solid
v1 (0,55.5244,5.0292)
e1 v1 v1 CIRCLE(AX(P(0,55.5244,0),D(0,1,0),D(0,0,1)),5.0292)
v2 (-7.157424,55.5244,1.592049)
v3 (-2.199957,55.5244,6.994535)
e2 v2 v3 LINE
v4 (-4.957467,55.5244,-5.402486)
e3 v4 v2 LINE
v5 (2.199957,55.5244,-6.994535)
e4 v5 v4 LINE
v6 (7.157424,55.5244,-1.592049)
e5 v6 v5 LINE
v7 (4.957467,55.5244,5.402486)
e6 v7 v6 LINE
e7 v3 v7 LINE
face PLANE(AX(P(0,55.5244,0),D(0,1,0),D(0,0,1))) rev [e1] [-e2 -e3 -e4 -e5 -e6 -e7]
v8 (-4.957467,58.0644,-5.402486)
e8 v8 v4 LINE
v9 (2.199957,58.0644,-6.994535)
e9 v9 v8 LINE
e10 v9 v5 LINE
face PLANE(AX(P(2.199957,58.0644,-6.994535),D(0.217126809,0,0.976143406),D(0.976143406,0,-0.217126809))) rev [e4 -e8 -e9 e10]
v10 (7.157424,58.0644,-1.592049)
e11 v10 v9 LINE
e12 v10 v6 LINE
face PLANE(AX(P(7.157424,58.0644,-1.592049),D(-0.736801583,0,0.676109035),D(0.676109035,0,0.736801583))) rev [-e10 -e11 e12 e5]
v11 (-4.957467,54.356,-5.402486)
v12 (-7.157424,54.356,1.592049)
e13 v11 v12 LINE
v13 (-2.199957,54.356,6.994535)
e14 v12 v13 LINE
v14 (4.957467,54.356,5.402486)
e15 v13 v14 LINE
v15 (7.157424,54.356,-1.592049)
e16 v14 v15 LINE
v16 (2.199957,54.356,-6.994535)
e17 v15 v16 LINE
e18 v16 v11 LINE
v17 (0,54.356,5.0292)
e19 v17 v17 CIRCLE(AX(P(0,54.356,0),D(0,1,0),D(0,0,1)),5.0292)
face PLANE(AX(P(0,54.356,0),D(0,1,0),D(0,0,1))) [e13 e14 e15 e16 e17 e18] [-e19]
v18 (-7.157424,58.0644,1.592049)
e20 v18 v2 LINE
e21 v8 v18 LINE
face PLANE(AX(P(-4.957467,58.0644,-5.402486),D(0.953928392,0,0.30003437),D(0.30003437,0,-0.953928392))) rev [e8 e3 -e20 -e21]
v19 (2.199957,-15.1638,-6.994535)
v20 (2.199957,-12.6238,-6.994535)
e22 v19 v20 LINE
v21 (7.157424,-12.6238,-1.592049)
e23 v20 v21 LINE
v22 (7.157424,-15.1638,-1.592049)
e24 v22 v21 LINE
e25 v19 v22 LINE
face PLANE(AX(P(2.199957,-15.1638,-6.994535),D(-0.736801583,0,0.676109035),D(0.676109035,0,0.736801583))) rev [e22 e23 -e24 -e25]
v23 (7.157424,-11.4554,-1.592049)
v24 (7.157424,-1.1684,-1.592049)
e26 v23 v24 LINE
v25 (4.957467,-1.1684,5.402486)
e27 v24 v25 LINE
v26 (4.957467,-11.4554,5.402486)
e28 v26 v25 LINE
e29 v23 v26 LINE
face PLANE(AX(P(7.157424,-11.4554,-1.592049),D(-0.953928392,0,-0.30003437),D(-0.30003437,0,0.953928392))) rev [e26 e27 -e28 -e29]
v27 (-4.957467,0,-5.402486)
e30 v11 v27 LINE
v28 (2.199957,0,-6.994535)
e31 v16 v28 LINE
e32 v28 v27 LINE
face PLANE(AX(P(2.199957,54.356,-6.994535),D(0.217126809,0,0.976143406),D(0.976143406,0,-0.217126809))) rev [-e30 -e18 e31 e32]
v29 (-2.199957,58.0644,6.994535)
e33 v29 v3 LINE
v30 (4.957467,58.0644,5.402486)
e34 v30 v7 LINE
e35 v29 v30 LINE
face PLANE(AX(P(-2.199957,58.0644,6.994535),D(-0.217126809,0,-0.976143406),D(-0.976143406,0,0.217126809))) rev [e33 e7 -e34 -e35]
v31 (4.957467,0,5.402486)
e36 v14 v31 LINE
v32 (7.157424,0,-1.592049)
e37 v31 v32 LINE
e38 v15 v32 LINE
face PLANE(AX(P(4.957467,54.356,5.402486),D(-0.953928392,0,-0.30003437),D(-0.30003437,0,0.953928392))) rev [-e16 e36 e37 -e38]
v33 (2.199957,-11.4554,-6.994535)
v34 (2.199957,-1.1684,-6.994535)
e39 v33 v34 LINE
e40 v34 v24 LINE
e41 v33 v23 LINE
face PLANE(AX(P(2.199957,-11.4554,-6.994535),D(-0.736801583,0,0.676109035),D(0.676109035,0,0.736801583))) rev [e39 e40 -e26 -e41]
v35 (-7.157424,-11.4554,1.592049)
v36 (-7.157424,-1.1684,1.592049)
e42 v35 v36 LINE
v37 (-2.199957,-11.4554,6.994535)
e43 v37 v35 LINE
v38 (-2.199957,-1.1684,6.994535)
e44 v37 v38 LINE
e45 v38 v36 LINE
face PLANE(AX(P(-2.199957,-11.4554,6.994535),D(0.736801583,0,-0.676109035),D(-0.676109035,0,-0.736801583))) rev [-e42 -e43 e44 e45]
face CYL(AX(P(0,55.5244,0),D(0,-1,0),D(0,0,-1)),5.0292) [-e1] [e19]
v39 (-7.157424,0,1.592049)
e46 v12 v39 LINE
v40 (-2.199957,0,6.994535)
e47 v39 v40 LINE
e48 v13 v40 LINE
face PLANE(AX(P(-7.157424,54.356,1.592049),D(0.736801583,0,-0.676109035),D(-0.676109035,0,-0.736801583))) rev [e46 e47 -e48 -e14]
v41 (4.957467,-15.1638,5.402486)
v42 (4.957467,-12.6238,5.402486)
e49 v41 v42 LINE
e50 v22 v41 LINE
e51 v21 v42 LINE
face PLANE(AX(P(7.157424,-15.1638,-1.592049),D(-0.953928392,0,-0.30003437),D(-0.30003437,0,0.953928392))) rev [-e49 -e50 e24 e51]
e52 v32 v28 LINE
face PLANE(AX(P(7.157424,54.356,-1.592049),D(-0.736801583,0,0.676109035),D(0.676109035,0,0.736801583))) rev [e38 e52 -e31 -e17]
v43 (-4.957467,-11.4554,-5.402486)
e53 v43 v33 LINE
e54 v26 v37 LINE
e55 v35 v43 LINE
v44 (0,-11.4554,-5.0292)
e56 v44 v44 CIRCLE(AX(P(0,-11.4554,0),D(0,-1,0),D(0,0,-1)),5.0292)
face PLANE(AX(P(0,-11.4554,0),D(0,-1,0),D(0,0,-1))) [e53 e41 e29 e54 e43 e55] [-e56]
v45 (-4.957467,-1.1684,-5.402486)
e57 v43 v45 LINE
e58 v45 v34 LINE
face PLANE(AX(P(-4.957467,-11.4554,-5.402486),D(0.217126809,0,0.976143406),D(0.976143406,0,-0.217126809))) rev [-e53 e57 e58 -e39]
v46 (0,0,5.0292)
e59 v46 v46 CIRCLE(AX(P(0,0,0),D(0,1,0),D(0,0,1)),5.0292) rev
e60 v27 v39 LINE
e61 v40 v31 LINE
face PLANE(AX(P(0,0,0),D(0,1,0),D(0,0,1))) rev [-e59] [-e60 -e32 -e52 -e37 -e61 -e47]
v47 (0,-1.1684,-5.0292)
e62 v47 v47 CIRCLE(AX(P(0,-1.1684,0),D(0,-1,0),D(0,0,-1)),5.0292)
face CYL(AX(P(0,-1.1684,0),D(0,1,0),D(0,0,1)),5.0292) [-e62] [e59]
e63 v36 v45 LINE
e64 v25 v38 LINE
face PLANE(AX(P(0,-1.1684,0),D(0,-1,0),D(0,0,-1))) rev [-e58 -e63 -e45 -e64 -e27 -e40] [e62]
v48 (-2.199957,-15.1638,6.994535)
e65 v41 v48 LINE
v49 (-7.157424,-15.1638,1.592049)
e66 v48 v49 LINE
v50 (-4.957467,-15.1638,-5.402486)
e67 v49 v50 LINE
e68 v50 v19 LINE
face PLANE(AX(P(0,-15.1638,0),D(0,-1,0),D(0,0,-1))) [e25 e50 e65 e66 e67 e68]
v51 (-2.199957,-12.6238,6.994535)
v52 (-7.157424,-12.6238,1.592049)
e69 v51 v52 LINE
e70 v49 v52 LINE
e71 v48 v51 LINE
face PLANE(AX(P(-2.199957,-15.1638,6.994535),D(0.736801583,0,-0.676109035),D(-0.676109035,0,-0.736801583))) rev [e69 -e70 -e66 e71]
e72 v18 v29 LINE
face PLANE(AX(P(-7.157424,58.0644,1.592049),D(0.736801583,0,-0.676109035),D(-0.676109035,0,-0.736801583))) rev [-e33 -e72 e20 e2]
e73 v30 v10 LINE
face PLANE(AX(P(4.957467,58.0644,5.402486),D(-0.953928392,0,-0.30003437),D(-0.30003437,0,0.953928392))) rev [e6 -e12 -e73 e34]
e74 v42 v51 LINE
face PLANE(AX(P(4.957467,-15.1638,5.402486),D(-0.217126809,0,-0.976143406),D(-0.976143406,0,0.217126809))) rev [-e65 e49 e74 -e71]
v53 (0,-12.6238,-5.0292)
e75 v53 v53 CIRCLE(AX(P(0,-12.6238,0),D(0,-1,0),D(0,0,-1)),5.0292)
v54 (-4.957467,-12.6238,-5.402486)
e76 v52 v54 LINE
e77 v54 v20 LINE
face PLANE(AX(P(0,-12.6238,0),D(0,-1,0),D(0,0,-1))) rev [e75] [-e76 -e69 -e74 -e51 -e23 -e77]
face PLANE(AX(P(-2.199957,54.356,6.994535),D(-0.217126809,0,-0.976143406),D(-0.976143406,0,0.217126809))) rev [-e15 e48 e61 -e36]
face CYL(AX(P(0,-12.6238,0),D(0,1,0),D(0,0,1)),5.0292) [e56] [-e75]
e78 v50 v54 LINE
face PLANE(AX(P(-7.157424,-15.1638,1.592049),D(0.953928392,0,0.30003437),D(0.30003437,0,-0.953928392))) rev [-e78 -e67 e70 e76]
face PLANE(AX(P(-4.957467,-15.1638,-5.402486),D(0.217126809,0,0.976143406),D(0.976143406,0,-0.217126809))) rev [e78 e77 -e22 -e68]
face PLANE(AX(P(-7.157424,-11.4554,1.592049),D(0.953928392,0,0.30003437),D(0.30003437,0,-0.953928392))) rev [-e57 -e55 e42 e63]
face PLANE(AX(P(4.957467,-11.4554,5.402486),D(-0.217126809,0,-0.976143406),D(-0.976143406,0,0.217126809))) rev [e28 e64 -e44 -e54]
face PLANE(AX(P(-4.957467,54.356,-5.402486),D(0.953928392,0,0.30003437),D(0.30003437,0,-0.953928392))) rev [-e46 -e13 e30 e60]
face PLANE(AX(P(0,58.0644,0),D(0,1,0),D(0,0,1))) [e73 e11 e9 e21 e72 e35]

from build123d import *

# Parameters (mm, degrees)
BOSS_EXTRUDE1_DEPTH = 54.356
SKETCH2_R           = 5.0292
BOSS_EXTRUDE2_DEPTH = 1.1684
BOSS_EXTRUDE3_DEPTH = 2.54
BOSS_EXTRUDE4_START = 1.1684
SKETCH4_R           = 5.0292
BOSS_EXTRUDE4_DEPTH = 1.1684
BOSS_EXTRUDE5_DEPTH = 10.287
BOSS_EXTRUDE6_START = 1.1684
SKETCH6_R           = 5.0292
BOSS_EXTRUDE6_DEPTH = 1.1684
BOSS_EXTRUDE7_DEPTH = 2.54


with BuildPart() as part:
    # Sketch1 → Boss-Extrude1 (new body)
    with BuildSketch(Plane(origin=(0, 0, 0), x_dir=(1, 0, 0), z_dir=(0, 1, 0))):
        Polygon((4.957467016, -5.40248592), (7.157423558, 1.592049415), (2.199956542, 6.994535335), (-4.957467016, 5.40248592), (-7.157423558, -1.592049415), (-2.199956542, -6.994535335), align=None)
    extrude(amount=BOSS_EXTRUDE1_DEPTH)

    # Sketch2 → Boss-Extrude2 (add)
    with BuildSketch(Plane(origin=(0, 54.356, 0), x_dir=(1, 0, 0), z_dir=(0, 1, 0))):
        with Locations(Location((0, 0, 0), (0, 0, 270))):
            Circle(SKETCH2_R)
    extrude(amount=BOSS_EXTRUDE2_DEPTH)

    # Sketch3 → Boss-Extrude3 (add)
    with BuildSketch(Plane(origin=(0, 55.5244, 0), x_dir=(1, 0, 0), z_dir=(0, 1, 0))):
        Polygon((-2.199956542, -6.994535335), (4.957467016, -5.40248592), (7.157423558, 1.592049415), (2.199956542, 6.994535335), (-4.957467016, 5.40248592), (-7.157423558, -1.592049415), align=None)
    extrude(amount=BOSS_EXTRUDE3_DEPTH)

    # Sketch4 → Boss-Extrude4 (add)
    with BuildSketch(Plane.XZ.offset(BOSS_EXTRUDE4_START)):
        with Locations(Location((0, 0, 0), (0, 0, 90))):
            Circle(SKETCH4_R)
    extrude(amount=-BOSS_EXTRUDE4_DEPTH)

    # Sketch5 → Boss-Extrude5 (add)
    with BuildSketch(Plane.XZ.offset(1.1684)):
        Polygon((4.957467016, 5.40248592), (-2.199956542, 6.994535335), (-7.157423558, 1.592049415), (-4.957467016, -5.40248592), (2.199956542, -6.994535335), (7.157423558, -1.592049415), align=None)
    extrude(amount=BOSS_EXTRUDE5_DEPTH)

    # Sketch6 → Boss-Extrude6 (add)
    with BuildSketch(Plane.XZ.offset(11.4554).offset(BOSS_EXTRUDE6_START)):
        with Locations(Location((0, 0, 0), (0, 0, 90))):
            Circle(SKETCH6_R)
    extrude(amount=-BOSS_EXTRUDE6_DEPTH)

    # Sketch7 → Boss-Extrude7 (add)
    with BuildSketch(Plane.XZ.offset(12.6238)):
        Polygon((7.157423558, -1.592049415), (4.957467016, 5.40248592), (-2.199956542, 6.994535335), (-7.157423558, 1.592049415), (-4.957467016, -5.40248592), (2.199956542, -6.994535335), align=None)
    extrude(amount=BOSS_EXTRUDE7_DEPTH)


solid = part.part
